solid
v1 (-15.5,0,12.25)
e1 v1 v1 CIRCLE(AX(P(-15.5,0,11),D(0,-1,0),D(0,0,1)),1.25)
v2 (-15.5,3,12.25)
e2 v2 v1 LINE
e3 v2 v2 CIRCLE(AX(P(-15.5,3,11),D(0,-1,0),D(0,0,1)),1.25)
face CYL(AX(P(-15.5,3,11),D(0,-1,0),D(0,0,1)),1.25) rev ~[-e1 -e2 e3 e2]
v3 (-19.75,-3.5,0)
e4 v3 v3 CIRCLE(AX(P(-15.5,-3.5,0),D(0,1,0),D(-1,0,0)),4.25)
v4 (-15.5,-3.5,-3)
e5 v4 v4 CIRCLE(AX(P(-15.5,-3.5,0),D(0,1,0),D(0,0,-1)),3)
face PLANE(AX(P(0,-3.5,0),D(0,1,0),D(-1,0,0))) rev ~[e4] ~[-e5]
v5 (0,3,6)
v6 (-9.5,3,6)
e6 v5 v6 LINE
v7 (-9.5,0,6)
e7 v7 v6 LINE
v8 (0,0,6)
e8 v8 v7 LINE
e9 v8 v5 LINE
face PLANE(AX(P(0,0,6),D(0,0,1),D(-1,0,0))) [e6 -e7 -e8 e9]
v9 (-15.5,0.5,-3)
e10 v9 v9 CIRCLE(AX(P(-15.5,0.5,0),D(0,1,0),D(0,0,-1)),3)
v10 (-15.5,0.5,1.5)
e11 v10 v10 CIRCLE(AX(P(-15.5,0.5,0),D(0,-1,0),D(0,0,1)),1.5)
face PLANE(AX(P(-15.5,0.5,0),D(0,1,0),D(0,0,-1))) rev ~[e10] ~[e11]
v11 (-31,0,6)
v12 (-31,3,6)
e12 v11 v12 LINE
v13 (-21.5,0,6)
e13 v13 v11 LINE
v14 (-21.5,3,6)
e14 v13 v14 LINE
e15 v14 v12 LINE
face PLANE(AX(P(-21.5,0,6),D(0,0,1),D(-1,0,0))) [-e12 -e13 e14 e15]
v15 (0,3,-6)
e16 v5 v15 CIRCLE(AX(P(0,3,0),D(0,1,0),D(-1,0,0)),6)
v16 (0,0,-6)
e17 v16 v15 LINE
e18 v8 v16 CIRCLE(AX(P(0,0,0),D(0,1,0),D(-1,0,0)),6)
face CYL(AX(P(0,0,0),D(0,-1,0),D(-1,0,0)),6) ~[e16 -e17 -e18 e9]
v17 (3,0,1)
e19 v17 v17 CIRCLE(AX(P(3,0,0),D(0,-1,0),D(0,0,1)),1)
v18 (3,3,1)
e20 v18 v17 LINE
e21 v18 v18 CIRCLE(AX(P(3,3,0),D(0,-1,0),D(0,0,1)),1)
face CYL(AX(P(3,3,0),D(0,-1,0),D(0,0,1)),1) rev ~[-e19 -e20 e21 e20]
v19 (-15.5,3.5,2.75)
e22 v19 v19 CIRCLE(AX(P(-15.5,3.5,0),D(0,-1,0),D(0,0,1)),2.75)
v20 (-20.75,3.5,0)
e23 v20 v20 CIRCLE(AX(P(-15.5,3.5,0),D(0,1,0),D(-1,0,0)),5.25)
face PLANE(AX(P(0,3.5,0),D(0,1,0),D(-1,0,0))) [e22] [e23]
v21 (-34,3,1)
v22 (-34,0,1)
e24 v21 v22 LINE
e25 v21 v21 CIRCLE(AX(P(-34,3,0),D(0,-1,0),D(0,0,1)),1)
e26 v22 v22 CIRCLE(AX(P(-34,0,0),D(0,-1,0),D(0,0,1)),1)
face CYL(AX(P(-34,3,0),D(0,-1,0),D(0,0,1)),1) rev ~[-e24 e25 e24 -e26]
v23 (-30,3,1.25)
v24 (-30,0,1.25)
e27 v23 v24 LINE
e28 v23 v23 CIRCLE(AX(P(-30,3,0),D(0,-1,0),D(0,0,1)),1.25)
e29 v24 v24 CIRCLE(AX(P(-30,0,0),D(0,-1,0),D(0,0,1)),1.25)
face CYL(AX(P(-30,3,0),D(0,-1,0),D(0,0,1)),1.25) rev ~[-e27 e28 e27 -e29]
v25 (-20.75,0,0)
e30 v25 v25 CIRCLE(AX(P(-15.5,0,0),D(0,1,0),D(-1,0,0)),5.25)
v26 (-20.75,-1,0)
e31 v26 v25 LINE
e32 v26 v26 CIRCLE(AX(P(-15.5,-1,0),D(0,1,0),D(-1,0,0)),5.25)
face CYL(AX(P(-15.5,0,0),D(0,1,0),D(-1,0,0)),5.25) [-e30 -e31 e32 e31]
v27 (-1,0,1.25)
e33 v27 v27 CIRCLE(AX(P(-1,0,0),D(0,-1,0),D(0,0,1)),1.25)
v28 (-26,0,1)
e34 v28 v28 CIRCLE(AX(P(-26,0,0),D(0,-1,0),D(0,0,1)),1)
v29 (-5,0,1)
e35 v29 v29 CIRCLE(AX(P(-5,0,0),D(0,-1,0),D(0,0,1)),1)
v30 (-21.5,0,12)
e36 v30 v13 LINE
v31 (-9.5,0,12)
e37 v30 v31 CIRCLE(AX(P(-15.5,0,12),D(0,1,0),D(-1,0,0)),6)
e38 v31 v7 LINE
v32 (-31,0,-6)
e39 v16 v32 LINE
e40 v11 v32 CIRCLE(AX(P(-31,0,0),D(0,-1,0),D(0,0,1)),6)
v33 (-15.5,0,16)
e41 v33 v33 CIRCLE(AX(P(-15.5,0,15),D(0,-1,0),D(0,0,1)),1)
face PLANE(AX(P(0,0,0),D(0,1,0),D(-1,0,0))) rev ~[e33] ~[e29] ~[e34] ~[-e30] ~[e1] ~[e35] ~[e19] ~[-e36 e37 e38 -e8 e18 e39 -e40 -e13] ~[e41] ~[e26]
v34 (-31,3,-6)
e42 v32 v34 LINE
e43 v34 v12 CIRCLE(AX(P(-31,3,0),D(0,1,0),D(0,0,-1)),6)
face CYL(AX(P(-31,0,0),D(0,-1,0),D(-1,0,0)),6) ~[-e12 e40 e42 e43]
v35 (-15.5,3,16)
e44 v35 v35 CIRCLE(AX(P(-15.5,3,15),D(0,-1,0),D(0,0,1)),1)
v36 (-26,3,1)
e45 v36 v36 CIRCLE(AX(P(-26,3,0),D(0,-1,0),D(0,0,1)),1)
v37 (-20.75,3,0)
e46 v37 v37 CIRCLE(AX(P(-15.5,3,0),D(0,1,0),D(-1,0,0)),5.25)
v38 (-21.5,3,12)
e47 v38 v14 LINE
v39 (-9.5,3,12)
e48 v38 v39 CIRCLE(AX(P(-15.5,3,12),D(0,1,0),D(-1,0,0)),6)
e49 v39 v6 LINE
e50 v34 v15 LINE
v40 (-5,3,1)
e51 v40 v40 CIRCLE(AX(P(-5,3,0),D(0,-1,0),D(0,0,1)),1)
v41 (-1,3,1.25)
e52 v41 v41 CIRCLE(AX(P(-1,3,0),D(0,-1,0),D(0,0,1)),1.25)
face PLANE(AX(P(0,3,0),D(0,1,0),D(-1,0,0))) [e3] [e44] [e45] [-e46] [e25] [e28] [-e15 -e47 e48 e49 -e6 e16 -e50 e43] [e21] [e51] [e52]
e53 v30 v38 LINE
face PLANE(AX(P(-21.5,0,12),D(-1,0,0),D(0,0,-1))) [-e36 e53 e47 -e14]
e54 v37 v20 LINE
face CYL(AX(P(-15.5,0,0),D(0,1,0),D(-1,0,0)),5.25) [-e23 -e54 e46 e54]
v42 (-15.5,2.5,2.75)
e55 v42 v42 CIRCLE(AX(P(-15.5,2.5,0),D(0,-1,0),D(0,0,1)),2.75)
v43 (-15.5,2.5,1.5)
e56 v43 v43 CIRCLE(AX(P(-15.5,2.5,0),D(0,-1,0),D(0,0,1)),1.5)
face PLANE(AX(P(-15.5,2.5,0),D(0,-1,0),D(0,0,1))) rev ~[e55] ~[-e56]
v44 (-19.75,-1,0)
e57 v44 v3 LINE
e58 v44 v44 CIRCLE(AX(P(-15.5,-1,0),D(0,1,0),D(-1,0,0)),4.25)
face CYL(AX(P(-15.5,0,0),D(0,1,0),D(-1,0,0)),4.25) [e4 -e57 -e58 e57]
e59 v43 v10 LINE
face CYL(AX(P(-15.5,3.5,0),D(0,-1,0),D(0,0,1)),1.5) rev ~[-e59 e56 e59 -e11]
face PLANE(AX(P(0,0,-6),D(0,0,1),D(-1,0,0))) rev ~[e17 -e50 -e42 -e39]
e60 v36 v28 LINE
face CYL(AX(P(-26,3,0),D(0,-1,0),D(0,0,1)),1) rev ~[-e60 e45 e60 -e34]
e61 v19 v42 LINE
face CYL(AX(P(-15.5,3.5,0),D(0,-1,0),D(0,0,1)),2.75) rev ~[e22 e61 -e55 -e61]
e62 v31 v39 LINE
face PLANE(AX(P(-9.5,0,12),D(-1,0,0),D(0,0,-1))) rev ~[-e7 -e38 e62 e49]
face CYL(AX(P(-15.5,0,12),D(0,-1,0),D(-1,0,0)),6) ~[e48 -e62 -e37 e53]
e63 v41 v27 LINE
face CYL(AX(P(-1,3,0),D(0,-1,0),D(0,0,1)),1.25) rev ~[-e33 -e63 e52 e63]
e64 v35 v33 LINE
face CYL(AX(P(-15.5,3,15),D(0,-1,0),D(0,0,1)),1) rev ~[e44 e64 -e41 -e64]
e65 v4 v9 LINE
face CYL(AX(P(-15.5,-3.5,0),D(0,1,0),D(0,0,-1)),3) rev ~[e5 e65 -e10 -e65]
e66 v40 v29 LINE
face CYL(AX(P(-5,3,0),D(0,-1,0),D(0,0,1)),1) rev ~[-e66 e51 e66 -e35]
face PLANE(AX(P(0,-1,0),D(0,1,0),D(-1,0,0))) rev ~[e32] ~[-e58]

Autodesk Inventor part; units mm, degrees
ref_plane "YZ Plane" through (0, 0, 0) normal (1, 0, 0) x (0, 1, 0)
ref_plane "XZ Plane" through (0, 0, 0) normal (0, 1, 0) x (-1, 0, 0)
ref_plane "XY Plane" through (0, 0, 0) normal (0, 0, 1) x (1, 0, 0)
sketch "Sketch1" plane through (0, 0, 0) normal (0, 1, 0) x (-1, 0, 0)
  circle A0 centre (0, 0) radius 6
  line L0 (0, 0) -> (6, 0) construction
  line L1 (0, 0) -> (0, 6) construction
  circle A1 centre (15.5, 0) radius 6
  circle A2 centre (31, 0) radius 6
  circle A3 centre (0, 12) radius 6
  circle A4 centre (15.5, 12) radius 6
  circle A5 centre (31, 12) radius 6
  circle A6 centre (15.5, 0) radius 5.25
  line L2 (0, 6) -> (31, 6)
  line L3 (0, -6) -> (31, -6)
  line L4 (9.5, 12) -> (9.5, 0)
  line L5 (21.5, 12) -> (21.5, 0)
  circle A7 centre (15.5, 0) radius 4.25
  point P0 (37, 0)
  point P1 (6, 12)
  point P2 (37, 12)
  dimension "d1" = 12
  dimension "d4" = 15.5
  dimension "d7" = 12
  dimension "d10" = 10.5
  dimension "d17" = 8.5
extrude "Extrusion1" add sketch "Sketch1" along normal blind 3 contours A0 | A0 L2 L4 A1 L3 | L4 A4 L2 | L2 A1 L4 | A1 | A1 L5 L2 A2 L3 | L2 L5 A1 | A4 | A4 L5 L2 | A2 | A6 | A7
extrude "Extrusion2" add sketch "Sketch1" along normal blind 3.5 and the other way blind 1 contours A6 | A7
extrude "Extrusion3" add sketch "Sketch1" against normal blind 3.5 contours A7
sketch "Sketch2" plane through (0, 3, 0) normal (0, 1, 0) x (1, 0, 0)
  circle A0 centre (-15.5, 0) radius 5.25 projected
  arc A1 (-21.5, -12) -> (-9.5, -12) centre (-15.5, -12) ccw projected
  arc A2 (0, -6) -> (0, 6) centre (0, 0) ccw projected
  arc A3 (-31, 6) -> (-31, -6) centre (-31, 0) ccw projected
  line L0 (-37, 0) -> (6, 0) construction
  line L1 (-15.5, 0) -> (-15.5, -18) construction
  point P0 (-26, 0)
  point P1 (-30, 0)
  point P2 (-34, 0)
  point P3 (-15.5, -15)
  point P4 (-15.5, -11)
  point P5 (-5, 0)
  point P6 (-1, 0)
  point P7 (3, 0)
  dimension "d20" = 11
  dimension "d22" = 15
  dimension "d23" = 10.5
  dimension "d24" = 14.5
  dimension "d25" = 18.5
hole "Hole1" at (-26, 3, 0) at (-34, 3, 0) at (-15.5, 3, 15) at (3, 3, 0) at (-5, 3, 0) direction (0, -1, 0) diameter 2 end through all
hole "Hole2" at (-30, 3, 0) at (-15.5, 3, 11) at (-1, 3, 0) direction (0, -1, 0) diameter 2.5 end through all
hole "Hole3" at (-15.5, 3.5, 0) direction (0, -1, 0) diameter 5.5 depth 1
hole "Hole4" at (-15.5, 3.5, 0) direction (0, -1, 0) diameter 3 end through all
hole "Hole5" at (-15.5, -3.5, 0) direction (0, 1, 0) diameter 6 depth 4
properties part number "servo arm BMS-630MG tripple"
